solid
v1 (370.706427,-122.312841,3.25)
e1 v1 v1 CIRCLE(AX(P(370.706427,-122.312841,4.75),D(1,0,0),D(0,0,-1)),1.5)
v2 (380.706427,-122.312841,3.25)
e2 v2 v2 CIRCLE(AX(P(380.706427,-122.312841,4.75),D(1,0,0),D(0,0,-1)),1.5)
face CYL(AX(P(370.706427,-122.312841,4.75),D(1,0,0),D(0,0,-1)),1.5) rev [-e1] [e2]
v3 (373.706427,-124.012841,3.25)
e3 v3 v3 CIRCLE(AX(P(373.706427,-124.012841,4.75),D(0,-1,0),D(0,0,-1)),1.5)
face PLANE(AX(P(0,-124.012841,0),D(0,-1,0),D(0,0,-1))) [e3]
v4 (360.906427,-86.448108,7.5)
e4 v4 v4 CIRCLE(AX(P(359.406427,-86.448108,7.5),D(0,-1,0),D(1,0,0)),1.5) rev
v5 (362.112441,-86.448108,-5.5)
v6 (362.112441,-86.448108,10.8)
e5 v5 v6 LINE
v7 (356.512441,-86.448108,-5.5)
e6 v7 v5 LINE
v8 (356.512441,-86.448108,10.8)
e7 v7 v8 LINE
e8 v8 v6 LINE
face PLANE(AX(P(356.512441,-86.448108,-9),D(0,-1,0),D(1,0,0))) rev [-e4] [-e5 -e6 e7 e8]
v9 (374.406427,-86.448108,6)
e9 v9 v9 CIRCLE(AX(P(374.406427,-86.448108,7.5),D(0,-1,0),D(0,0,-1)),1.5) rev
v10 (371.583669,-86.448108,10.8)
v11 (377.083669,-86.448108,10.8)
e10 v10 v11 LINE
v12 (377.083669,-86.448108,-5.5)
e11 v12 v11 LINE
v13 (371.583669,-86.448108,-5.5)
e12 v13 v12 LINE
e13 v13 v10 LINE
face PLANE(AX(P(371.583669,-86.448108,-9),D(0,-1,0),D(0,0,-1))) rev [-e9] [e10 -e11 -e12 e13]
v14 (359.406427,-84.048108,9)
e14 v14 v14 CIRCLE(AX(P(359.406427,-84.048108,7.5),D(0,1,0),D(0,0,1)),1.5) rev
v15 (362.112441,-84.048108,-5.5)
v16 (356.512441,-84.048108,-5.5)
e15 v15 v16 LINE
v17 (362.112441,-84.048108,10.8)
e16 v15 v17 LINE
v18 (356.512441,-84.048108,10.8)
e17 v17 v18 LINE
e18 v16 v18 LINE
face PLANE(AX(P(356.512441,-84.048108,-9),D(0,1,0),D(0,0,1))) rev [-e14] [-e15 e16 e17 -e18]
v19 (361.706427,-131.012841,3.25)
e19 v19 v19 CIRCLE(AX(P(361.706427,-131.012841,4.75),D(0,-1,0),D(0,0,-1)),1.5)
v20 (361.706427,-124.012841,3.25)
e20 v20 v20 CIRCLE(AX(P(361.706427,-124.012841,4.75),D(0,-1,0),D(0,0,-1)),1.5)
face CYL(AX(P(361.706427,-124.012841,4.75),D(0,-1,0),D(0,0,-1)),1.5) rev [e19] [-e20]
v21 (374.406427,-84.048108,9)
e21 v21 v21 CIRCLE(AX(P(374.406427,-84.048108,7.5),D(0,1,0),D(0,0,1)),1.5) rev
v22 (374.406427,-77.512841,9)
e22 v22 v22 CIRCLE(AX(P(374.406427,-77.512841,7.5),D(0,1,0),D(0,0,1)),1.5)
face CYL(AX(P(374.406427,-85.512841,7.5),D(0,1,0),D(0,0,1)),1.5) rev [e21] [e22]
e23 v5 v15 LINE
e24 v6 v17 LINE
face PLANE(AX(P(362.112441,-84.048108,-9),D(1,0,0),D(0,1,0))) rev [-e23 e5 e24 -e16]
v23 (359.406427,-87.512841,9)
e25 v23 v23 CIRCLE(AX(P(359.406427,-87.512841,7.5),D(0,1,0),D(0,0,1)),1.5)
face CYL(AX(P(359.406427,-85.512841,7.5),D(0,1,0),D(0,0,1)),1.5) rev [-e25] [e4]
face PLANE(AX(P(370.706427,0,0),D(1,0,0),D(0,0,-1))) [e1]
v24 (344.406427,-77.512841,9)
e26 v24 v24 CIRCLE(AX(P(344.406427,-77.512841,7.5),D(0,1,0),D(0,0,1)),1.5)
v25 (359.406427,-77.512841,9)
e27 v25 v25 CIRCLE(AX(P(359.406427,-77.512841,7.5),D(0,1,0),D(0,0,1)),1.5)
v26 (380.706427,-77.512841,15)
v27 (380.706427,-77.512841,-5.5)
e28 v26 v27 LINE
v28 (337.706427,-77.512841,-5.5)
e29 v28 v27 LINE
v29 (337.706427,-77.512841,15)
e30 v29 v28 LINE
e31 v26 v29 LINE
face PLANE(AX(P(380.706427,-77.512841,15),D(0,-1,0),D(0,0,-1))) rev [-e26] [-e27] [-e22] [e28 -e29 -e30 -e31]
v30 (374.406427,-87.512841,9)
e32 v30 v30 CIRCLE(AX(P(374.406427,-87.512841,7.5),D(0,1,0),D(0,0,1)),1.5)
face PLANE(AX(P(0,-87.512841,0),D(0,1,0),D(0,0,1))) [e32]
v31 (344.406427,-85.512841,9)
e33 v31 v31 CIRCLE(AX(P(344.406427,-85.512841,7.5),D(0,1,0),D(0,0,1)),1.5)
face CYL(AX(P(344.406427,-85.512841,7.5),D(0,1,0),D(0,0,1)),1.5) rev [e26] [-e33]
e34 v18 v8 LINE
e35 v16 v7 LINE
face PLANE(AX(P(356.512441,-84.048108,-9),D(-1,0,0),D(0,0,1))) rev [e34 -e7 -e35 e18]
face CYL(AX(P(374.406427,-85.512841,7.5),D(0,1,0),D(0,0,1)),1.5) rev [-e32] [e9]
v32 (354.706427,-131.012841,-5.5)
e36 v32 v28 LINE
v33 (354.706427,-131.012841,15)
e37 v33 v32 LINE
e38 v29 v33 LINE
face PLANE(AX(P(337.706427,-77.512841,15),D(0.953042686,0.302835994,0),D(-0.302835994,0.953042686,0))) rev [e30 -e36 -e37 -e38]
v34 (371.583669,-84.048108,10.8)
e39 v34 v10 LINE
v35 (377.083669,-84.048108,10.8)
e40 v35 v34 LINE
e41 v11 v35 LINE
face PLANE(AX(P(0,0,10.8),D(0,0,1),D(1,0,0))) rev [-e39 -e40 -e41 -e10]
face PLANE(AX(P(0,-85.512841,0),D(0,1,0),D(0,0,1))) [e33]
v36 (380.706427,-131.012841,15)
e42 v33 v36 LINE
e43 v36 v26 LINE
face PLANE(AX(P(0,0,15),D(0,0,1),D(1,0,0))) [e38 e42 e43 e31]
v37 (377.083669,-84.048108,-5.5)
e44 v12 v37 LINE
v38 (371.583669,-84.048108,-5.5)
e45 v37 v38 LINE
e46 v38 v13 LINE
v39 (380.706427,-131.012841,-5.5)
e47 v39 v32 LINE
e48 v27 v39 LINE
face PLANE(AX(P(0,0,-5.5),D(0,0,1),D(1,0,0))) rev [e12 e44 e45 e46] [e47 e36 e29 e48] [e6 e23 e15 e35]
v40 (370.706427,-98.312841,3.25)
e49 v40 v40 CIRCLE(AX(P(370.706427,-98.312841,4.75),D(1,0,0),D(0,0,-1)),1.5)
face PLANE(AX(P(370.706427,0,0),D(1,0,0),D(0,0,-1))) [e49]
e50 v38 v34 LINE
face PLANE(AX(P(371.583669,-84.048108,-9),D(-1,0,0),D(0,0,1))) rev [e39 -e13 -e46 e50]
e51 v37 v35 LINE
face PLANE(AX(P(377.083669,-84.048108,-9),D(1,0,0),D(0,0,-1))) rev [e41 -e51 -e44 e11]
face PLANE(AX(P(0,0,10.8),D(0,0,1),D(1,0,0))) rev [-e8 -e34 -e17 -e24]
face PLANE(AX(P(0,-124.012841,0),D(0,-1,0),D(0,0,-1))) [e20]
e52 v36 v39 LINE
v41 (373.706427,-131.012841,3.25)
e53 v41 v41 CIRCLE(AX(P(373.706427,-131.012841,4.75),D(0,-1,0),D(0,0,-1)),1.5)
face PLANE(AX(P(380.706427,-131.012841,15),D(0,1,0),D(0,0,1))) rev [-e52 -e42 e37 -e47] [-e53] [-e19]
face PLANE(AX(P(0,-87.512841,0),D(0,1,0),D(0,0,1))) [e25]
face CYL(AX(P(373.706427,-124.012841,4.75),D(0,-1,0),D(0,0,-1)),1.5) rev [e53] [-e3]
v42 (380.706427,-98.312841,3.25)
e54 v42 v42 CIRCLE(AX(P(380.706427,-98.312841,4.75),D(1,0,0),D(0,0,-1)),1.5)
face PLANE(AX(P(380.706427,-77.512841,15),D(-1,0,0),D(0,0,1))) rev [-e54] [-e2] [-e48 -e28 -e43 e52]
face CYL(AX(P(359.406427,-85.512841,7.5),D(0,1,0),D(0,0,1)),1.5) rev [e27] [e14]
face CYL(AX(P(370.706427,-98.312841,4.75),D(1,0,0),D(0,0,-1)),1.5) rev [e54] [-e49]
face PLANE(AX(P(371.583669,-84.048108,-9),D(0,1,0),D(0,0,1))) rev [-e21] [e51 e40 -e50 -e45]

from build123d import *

# Parameters (mm, degrees)
BOSS_EXTRUDE2_DEPTH = 15
SKETCH5_R           = 1.5
CUT_EXTRUDE3_DEPTH  = 8
BOSS_EXTRUDE4_DEPTH = 5.5
SKETCH8_R           = 1.5
CUT_EXTRUDE4_DEPTH  = 10
SKETCH9_R           = 1.5
CUT_EXTRUDE5_DEPTH  = 7
SKETCH5_4_R         = 1.5
CUT_EXTRUDE6_DEPTH  = 10
SKETCH10_W          = 5.6
SKETCH10_H          = 2.4
SKETCH10_W_2        = 5.5
CUT_EXTRUDE7_DEPTH  = 24
SKETCH10_3_W        = 5.6
SKETCH10_3_H        = 2.4
SKETCH10_3_W_2      = 5.5
BOSS_EXTRUDE5_DEPTH = 4.2


with BuildPart() as part:
    # Sketch3 → Boss-Extrude2 (new body)
    with BuildSketch(Plane.XY):
        Polygon((380.706426849, -77.512840587), (380.706426849, -131.012840587), (354.706426849, -131.012840587), (337.706426849, -77.512840587), align=None)
    extrude(amount=BOSS_EXTRUDE2_DEPTH)

    # Sketch5 → Cut-Extrude3 (cut)
    with BuildSketch(Plane(origin=(0, -77.512840587, 0), x_dir=(1, 0, 0), z_dir=(0, 1, 0))):
        with Locations((344.406426849, -7.5)):
            Circle(SKETCH5_R)
        with Locations((359.406426849, -7.5)):
            Circle(SKETCH5_R)
        with Locations((374.406426849, -7.5)):
            Circle(SKETCH5_R)
    extrude(amount=-CUT_EXTRUDE3_DEPTH, mode=Mode.SUBTRACT)

    # Sketch7 → Boss-Extrude4 (add)
    with BuildSketch(Plane(origin=(0, 0, 0), x_dir=(-1, 0, 0), z_dir=(0, 0, -1))):
        Polygon((-380.706426849, -77.512840587), (-337.706426849, -77.512840587), (-354.706426849, -131.012840587), (-380.706426849, -131.012840587), align=None)
    extrude(amount=BOSS_EXTRUDE4_DEPTH)

    # Sketch8 → Cut-Extrude4 (cut)
    with BuildSketch(Plane(origin=(380.706426849, 0, 0), x_dir=(0, 0, -1), z_dir=(1, 0, 0))):
        with Locations((-4.75, -98.312840587)):
            Circle(SKETCH8_R)
        with Locations((-4.75, -122.312840587)):
            Circle(SKETCH8_R)
    extrude(amount=-CUT_EXTRUDE4_DEPTH, mode=Mode.SUBTRACT)

    # Sketch9 → Cut-Extrude5 (cut)
    with BuildSketch(Plane(origin=(0, -131.012840587, 0), x_dir=(-1, 0, 0), z_dir=(0, -1, 0))):
        with Locations((-361.706426849, -4.75)):
            Circle(SKETCH9_R)
        with Locations((-373.706426849, -4.75)):
            Circle(SKETCH9_R)
    extrude(amount=-CUT_EXTRUDE5_DEPTH, mode=Mode.SUBTRACT)

    # Sketch5<4> → Cut-Extrude6 (cut)
    with BuildSketch(Plane(origin=(0, -77.512840587, 0), x_dir=(1, 0, 0), z_dir=(0, 1, 0))):
        with Locations((359.406426849, -7.5)):
            Circle(SKETCH5_4_R)
        with Locations((374.406426849, -7.5)):
            Circle(SKETCH5_4_R)
    extrude(amount=-CUT_EXTRUDE6_DEPTH, mode=Mode.SUBTRACT)

    # Sketch10 → Cut-Extrude7 (cut)
    with BuildSketch(Plane.XY.offset(15)):
        with Locations((359.312441298, -85.248108343)):
            Rectangle(SKETCH10_W, SKETCH10_H)
        with Locations((374.333669077, -85.248108343)):
            Rectangle(SKETCH10_W_2, SKETCH10_H)
    extrude(amount=-CUT_EXTRUDE7_DEPTH, mode=Mode.SUBTRACT)

    # Sketch10<3> → Boss-Extrude5 (add)
    with BuildSketch(Plane.XY.offset(15)):
        with Locations((359.312441298, -85.248108343)):
            Rectangle(SKETCH10_3_W, SKETCH10_3_H)
        with Locations((374.333669077, -85.248108343)):
            Rectangle(SKETCH10_3_W_2, SKETCH10_3_H)
    extrude(amount=-BOSS_EXTRUDE5_DEPTH)


solid = part.part
